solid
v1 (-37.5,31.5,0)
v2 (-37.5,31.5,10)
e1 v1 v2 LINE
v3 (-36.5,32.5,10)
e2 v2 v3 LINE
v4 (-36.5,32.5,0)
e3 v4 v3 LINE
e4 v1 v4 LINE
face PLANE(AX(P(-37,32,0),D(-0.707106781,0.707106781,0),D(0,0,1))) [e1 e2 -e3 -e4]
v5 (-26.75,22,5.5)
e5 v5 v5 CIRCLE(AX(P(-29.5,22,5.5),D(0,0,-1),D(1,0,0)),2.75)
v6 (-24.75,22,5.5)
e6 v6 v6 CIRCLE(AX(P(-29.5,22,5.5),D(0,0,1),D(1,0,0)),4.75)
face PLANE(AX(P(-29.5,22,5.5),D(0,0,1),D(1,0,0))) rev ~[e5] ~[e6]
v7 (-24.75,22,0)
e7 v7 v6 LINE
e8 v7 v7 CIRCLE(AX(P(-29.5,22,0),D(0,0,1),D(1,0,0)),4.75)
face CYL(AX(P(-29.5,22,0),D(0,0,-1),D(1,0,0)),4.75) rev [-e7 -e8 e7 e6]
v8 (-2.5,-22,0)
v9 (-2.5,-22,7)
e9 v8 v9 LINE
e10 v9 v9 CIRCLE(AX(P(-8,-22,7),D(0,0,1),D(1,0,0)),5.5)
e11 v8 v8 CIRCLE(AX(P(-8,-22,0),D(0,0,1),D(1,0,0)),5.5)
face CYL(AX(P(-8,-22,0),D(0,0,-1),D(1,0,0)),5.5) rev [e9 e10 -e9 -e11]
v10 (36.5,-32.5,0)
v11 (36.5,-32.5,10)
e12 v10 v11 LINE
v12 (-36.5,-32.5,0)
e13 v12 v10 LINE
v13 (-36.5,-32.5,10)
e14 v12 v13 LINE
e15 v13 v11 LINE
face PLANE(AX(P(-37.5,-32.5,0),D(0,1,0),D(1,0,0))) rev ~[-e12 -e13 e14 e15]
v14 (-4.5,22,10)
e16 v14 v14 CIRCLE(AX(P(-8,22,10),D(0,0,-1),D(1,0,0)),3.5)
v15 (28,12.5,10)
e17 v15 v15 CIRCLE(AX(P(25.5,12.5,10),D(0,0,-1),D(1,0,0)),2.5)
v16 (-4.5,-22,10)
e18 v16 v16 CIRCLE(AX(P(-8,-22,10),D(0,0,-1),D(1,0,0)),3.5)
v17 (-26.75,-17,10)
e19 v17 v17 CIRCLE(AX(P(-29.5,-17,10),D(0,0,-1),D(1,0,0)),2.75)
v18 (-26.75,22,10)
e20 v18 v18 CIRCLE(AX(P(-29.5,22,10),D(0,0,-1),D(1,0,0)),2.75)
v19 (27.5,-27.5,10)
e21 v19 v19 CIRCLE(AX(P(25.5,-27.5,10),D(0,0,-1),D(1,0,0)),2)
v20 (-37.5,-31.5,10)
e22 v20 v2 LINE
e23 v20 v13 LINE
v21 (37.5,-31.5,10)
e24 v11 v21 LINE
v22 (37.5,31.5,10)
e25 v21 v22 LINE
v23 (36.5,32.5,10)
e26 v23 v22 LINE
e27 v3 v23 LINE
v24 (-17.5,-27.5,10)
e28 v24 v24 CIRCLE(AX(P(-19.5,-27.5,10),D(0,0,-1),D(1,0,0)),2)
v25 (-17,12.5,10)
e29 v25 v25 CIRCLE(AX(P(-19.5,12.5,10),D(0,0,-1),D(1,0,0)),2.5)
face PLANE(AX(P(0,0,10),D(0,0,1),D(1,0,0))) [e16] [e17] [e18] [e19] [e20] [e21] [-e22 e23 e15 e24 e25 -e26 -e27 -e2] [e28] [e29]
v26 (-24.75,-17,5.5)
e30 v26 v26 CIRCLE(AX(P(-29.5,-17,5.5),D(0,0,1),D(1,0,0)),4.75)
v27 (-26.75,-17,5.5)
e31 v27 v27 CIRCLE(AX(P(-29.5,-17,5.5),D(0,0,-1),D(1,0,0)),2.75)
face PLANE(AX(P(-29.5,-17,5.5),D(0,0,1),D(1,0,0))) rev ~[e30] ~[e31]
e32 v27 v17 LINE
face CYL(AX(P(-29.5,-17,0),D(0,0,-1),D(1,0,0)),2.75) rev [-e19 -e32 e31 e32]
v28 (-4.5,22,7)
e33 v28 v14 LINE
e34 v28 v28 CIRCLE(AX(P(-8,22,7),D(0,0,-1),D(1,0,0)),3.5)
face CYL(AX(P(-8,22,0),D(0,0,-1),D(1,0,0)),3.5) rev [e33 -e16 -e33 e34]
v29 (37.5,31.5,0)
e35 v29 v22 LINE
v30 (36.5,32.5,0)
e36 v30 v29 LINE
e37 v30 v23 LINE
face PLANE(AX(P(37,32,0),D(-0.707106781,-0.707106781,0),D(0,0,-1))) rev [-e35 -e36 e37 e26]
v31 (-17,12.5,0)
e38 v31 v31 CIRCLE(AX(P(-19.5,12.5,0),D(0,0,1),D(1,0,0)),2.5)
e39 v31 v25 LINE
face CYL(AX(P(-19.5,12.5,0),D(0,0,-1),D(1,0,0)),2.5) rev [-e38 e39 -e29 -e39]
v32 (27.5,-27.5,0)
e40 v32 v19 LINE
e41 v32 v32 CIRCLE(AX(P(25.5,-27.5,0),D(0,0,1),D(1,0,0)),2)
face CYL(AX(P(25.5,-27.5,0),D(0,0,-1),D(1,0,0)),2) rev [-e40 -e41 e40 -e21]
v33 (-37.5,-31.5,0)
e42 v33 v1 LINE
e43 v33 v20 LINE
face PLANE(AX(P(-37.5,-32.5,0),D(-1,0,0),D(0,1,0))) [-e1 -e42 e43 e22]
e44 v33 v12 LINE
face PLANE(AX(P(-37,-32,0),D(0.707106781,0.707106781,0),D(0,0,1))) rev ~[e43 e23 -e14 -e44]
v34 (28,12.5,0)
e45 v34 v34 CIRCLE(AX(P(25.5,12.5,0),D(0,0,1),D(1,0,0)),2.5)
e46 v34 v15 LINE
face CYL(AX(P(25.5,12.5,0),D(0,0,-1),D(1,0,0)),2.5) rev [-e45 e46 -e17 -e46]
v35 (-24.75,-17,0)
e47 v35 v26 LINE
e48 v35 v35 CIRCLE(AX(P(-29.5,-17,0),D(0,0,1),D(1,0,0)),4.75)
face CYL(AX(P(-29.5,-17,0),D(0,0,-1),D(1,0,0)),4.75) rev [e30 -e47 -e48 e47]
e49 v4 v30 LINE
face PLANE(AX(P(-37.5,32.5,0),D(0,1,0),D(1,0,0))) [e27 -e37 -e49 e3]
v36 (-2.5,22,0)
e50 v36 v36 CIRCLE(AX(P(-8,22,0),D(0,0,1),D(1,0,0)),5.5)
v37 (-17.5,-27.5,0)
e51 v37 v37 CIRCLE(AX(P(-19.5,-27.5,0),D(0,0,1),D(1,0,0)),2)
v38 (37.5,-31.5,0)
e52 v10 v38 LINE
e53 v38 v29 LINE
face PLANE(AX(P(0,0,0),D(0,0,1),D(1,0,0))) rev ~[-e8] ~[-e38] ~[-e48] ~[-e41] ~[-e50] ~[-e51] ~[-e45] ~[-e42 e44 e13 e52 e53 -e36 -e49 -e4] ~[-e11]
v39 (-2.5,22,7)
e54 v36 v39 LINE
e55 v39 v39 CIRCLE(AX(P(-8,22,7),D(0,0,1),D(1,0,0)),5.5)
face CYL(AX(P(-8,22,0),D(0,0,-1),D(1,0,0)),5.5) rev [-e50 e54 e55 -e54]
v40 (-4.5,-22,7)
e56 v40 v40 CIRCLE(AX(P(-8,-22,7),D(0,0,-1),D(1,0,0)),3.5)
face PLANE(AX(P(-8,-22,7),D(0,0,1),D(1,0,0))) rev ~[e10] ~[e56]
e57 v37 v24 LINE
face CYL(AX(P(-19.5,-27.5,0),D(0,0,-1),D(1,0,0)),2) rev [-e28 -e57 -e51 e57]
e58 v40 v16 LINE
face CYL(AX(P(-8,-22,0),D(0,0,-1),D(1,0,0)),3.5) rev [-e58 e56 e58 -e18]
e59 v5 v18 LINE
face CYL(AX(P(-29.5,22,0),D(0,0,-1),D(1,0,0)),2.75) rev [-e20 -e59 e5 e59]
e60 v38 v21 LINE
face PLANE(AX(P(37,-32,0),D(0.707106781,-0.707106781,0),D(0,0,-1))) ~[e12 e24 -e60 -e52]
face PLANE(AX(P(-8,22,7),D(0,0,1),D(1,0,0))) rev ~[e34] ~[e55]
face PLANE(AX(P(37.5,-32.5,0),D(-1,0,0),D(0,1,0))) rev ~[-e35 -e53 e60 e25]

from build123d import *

# Parameters (mm, degrees)
F1_W      = 75
F1_H      = 65
F2_DEPTH  = 10
F3_R      = 5.5
F4_DEPTH  = 7
F5_R      = 4.75
F6_DEPTH  = 5.5
F7_R      = 3.5
F8_DEPTH  = 25
F9_R      = 2.75
F10_DEPTH = 25
F11_R     = 2
F11_R_2   = 2.5
F12_DEPTH = 25
F13_SIZE  = 1


with BuildPart() as f2:
    # F1 (on face) → F2 (new body)
    with BuildSketch(Plane.XY):
        Rectangle(F1_W, F1_H)
    extrude(amount=F2_DEPTH)

    # F3 (on face) → F4 (cut)
    with BuildSketch(Plane.XY):
        with Locations((-8, 22)):
            Circle(F3_R)
        with Locations((-8, -22)):
            Circle(F3_R)
    extrude(amount=F4_DEPTH, mode=Mode.SUBTRACT)

    # F5 (on face) → F6 (cut)
    with BuildSketch(Plane.XY):
        with Locations((-29.5, 22)):
            Circle(F5_R)
        with Locations((-29.5, -17)):
            Circle(F5_R)
    extrude(amount=F6_DEPTH, mode=Mode.SUBTRACT)

    # F7 (on face) → F8 (cut)
    with BuildSketch(Plane.XY):
        with Locations((-8, -22)):
            Circle(F7_R)
        with Locations((-8, 22)):
            Circle(F7_R)
    extrude(amount=F8_DEPTH, mode=Mode.SUBTRACT)

    # F9 (on face) → F10 (cut)
    with BuildSketch(Plane.XY):
        with Locations((-29.5, -17)):
            Circle(F9_R)
        with Locations((-29.5, 22)):
            Circle(F9_R)
    extrude(amount=F10_DEPTH, mode=Mode.SUBTRACT)

    # F11 (on face) → F12 (cut)
    with BuildSketch(Plane.XY):
        with Locations((-19.5, -27.5)):
            Circle(F11_R)
        with Locations((-19.5, 12.5)):
            Circle(F11_R_2)
        with Locations((25.5, -27.5)):
            Circle(F11_R)
        with Locations((25.5, 12.5)):
            Circle(F11_R_2)
    extrude(amount=F12_DEPTH, mode=Mode.SUBTRACT)

    # F13
    f13_edges = [f2.edges().sort_by_distance(p)[0] for p in [
        (-37.5, 32.5, 5),
        (-37.5, -32.5, 5),
        (37.5, -32.5, 5),
        (37.5, 32.5, 5),
    ]]
    chamfer(f13_edges, length=F13_SIZE)


solid = f2.part
